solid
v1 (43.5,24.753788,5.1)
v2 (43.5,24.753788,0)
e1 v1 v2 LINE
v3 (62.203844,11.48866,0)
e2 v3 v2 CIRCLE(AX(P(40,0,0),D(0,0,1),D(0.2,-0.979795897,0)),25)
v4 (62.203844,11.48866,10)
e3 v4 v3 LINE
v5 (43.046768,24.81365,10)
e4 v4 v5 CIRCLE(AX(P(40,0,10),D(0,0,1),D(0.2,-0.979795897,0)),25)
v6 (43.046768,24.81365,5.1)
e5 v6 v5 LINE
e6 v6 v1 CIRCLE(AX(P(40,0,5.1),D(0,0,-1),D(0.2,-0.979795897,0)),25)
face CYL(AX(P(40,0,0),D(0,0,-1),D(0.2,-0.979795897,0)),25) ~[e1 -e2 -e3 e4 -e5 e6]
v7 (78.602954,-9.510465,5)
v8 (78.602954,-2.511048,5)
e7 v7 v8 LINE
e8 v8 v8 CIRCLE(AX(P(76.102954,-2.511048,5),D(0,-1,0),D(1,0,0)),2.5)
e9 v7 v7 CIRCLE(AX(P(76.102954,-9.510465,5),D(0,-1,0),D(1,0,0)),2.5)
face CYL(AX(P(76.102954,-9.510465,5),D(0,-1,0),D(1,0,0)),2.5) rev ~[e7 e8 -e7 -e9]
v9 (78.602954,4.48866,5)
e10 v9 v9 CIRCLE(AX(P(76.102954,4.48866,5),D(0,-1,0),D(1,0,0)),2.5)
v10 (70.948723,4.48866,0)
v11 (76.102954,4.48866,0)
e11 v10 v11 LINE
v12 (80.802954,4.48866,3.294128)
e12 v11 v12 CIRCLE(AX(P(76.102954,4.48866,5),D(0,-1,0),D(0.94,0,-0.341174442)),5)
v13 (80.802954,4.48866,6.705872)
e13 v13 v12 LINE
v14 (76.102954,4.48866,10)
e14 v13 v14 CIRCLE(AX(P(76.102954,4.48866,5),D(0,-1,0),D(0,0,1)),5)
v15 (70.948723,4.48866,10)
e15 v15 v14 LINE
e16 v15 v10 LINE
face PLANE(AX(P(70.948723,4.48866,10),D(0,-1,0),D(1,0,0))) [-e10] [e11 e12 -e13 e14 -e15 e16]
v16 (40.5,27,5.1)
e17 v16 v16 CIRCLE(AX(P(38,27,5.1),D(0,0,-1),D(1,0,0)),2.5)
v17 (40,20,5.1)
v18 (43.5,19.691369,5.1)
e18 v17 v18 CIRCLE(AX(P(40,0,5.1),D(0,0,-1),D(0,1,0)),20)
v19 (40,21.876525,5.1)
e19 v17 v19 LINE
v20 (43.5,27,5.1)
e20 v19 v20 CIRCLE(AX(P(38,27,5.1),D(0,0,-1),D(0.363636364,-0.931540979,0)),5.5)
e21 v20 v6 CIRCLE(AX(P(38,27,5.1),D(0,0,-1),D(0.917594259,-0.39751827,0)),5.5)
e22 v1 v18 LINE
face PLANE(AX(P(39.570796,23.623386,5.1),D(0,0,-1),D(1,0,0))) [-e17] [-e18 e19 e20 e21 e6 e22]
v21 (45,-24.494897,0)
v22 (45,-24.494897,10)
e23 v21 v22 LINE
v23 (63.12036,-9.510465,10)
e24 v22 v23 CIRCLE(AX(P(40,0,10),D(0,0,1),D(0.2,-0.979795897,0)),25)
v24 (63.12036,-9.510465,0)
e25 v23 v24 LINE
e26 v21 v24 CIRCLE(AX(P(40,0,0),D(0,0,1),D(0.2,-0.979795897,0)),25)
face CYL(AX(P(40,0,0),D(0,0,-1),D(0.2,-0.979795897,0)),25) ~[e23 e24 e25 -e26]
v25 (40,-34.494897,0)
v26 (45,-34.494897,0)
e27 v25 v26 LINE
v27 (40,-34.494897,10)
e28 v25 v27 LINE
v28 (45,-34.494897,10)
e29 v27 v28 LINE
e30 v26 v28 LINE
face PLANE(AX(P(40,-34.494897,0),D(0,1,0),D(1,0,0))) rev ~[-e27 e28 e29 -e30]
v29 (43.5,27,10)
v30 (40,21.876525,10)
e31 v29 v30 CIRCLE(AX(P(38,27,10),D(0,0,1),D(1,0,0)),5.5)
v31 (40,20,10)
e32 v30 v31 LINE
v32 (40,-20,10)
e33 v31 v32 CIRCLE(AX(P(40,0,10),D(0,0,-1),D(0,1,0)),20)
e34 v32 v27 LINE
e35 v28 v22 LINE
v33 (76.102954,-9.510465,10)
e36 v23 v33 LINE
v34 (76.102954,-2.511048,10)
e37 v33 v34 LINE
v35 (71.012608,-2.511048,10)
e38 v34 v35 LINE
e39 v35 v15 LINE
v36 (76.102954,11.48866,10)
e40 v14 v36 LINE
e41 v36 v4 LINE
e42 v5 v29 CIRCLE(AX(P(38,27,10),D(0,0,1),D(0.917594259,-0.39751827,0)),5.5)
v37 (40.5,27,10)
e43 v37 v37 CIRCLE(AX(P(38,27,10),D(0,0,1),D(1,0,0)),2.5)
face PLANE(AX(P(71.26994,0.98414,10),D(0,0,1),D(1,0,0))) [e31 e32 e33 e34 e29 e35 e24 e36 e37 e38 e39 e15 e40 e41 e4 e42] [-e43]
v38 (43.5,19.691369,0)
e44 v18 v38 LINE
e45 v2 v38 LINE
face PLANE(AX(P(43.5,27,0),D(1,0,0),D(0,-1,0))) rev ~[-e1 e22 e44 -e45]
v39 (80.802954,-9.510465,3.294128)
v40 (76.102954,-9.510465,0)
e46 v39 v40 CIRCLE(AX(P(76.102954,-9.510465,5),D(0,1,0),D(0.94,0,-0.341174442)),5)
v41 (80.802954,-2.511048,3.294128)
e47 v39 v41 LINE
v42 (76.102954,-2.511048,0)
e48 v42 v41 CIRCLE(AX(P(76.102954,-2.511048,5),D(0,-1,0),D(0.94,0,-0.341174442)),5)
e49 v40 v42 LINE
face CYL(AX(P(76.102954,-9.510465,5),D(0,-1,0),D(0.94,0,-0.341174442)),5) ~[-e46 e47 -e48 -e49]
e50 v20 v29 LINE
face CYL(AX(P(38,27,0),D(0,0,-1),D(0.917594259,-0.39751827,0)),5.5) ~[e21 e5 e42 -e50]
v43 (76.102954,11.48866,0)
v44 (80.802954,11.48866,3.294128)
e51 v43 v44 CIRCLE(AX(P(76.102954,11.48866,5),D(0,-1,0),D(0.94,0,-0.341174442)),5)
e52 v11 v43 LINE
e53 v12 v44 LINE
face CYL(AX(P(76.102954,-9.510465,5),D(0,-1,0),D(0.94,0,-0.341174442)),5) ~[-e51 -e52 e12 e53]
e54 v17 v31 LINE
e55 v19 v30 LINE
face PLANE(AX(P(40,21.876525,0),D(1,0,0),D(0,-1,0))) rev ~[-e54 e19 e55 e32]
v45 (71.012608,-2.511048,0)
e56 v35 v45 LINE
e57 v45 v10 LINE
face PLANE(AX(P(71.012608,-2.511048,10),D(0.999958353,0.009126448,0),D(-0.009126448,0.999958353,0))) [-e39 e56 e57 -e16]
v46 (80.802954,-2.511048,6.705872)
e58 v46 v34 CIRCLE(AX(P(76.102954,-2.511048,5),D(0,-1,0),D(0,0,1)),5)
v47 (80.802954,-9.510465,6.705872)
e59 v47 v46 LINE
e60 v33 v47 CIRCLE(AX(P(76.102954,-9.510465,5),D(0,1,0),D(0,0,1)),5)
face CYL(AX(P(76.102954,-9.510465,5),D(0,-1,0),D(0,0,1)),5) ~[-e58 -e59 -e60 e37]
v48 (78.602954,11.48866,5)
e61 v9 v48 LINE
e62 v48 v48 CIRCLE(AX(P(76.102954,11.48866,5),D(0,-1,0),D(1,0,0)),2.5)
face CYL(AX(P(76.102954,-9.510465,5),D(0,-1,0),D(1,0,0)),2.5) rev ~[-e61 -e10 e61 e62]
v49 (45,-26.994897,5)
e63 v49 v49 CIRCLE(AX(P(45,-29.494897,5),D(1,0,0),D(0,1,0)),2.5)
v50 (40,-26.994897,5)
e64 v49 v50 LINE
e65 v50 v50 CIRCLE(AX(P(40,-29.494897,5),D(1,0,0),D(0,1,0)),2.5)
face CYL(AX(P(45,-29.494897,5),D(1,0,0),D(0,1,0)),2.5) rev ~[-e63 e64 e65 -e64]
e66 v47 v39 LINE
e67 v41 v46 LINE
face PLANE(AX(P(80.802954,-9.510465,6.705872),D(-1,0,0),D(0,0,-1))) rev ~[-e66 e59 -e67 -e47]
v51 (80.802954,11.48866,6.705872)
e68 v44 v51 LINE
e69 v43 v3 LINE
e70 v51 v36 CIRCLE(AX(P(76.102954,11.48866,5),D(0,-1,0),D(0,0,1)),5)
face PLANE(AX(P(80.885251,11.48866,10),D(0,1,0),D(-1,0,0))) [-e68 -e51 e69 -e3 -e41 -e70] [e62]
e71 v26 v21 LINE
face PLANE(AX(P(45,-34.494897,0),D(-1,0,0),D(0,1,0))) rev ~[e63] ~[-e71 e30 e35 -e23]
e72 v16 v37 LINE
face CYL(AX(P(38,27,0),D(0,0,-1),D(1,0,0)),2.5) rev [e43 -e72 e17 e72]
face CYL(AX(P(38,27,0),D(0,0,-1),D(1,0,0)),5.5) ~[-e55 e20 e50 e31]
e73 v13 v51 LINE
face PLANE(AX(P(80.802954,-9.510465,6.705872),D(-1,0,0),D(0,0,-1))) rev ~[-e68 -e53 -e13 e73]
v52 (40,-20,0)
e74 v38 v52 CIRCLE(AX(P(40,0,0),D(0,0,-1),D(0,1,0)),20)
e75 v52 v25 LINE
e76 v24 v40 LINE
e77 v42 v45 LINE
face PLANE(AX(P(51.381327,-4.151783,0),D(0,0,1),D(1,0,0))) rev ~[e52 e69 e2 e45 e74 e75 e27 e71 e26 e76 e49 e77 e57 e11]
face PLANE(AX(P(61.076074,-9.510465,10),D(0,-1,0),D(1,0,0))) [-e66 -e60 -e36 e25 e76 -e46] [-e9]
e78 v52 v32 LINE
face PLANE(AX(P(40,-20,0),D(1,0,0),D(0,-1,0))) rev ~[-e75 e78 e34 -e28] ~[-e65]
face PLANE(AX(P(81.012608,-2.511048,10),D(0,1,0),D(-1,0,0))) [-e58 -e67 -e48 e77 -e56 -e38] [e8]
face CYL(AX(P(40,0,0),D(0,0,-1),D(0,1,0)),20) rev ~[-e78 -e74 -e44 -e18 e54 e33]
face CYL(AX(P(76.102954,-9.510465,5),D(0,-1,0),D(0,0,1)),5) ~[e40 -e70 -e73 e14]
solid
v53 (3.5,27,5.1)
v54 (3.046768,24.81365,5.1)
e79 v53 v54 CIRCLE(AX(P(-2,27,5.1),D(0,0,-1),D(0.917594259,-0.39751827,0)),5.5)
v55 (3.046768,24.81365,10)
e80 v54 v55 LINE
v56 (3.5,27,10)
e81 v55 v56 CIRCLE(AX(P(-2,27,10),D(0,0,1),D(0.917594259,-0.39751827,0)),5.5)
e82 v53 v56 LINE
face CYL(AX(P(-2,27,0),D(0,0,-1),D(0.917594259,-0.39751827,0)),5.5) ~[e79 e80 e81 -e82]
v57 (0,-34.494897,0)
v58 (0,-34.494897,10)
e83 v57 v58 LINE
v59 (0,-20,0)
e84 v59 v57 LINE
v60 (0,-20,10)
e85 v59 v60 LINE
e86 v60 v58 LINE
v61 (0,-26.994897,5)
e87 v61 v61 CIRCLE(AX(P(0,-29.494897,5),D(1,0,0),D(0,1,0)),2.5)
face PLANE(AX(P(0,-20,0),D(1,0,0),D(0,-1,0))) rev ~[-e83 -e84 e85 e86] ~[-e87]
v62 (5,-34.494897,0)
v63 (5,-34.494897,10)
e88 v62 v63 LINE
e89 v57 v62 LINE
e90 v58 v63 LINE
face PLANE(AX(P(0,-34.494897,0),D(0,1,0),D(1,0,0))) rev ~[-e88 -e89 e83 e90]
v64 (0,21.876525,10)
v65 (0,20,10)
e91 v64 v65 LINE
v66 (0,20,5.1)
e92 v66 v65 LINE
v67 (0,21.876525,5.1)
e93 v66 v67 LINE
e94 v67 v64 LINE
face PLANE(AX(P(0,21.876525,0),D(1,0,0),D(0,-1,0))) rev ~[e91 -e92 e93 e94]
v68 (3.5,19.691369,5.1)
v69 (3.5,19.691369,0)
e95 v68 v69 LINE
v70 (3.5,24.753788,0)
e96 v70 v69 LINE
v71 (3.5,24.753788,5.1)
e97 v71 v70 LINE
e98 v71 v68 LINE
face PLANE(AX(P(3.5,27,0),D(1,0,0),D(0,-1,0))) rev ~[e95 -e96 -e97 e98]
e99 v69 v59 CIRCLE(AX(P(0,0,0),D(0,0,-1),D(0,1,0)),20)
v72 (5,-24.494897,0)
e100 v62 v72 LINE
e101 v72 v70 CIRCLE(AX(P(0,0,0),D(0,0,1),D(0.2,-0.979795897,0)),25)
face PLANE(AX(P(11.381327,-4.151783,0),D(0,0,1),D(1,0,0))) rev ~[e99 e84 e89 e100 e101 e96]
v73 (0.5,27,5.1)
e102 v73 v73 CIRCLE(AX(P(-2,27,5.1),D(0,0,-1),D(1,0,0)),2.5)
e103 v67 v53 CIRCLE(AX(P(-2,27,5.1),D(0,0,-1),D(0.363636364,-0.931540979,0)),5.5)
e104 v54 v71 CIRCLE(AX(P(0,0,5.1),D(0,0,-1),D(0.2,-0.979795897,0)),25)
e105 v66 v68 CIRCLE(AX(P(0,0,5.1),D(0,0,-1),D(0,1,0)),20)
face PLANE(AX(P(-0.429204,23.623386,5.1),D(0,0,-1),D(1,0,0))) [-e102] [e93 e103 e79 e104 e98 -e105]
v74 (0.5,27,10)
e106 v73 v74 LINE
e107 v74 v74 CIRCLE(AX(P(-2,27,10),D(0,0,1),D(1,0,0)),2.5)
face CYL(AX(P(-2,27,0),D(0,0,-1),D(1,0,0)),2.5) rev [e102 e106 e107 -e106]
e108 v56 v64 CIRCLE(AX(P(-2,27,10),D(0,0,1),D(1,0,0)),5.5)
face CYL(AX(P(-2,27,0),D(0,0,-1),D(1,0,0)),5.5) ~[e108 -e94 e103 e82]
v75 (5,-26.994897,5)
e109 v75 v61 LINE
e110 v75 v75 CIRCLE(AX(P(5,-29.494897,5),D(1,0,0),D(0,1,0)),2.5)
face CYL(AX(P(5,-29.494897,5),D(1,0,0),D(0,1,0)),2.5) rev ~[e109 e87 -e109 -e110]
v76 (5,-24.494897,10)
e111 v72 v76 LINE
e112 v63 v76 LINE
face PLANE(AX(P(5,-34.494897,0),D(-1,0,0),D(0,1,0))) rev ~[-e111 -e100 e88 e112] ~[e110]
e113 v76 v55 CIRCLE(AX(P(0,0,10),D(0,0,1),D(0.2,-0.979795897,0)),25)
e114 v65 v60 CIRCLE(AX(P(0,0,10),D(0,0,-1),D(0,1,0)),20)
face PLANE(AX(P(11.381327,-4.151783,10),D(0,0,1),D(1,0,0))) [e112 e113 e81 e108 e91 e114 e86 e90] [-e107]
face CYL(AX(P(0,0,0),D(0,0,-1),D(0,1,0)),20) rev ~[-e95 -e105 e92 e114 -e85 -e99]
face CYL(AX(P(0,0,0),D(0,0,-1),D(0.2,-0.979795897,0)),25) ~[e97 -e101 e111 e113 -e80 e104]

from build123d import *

# Parameters (mm, degrees)
F0_R      = 2.5
F1_DEPTH  = 10
F3_DEPTH  = 5.1
F4_R      = 2.5
F5_DEPTH  = 25
F8_DEPTH  = 10
F9_R      = 2.5
F10_DEPTH = 25
F12_DEPTH = 25


with BuildPart() as f1:
    # F0 (on Top) → F1 (new body)
    with BuildSketch(Plane.XY):
        with BuildLine():
            ThreePointArc((0, 20), (20, 0), (0, -20))
            Line((0, -20), (0, -25))
            Line((0, -25), (0, -34.4948974278))
            Line((0, -34.4948974278), (5, -34.4948974278))
            Line((5, -34.4948974278), (5, -24.4948974278))
            ThreePointArc((5, -24.4948974278), (24.9804087413, 0.9895347988), (3.0467684263, 24.8136495131))
            ThreePointArc((3.0467684263, 24.8136495131), (1.8171863954, 23.0403171815), (0, 21.876524617))
            Line((0, 21.876524617), (0, 20))
        make_face()
        with BuildLine():
            ThreePointArc((3.5, 27), (-6.5414755311, 30.1024184115), (0, 21.876524617))
            Line((0, 21.876524617), (0, 25))
            ThreePointArc((0, 25), (1.526231007, 24.9533688891), (3.0467684263, 24.8136495131))
            ThreePointArc((3.0467684263, 24.8136495131), (3.3855002713, 25.8835830403), (3.5, 27))
        make_face()
        with Locations((-2, 27)):
            Circle(F0_R, mode=Mode.SUBTRACT)
        with BuildLine():
            Line((0, 25), (0, 21.876524617))
            ThreePointArc((0, 21.876524617), (1.8171863954, 23.0403171815), (3.0467684263, 24.8136495131))
            ThreePointArc((3.0467684263, 24.8136495131), (1.526231007, 24.9533688891), (0, 25))
        make_face()
    extrude(amount=F1_DEPTH)

    # F2 (on face) → F3 (cut)
    with BuildSketch(Plane(origin=(0, 0, 0), x_dir=(1, 0, 0), z_dir=(0, 0, -1))):
        with BuildLine():
            ThreePointArc((0, -21.876524617), (-6.5414755311, -30.1024184115), (3.5, -27))
            Line((3.5, -27), (3.5, -15.0508275256))
            Line((3.5, -15.0508275256), (0, -15.0508275256))
            Line((0, -15.0508275256), (0, -21.876524617))
        make_face()
    extrude(amount=-F3_DEPTH, mode=Mode.SUBTRACT)

    # F4 (on face) → F5 (cut)
    with BuildSketch(Plane.YZ.offset(5)):
        with Locations((-29.4948974278, 5)):
            Circle(F4_R)
    extrude(amount=-F5_DEPTH, mode=Mode.SUBTRACT)


with BuildPart() as f6_1:
    # F6: copy of F1
    add(f1.part.moved(Location((40, 0, 0))))

    # F7 (on face) → F8 (join)
    with BuildSketch(Plane.XY.offset(10)):
        Polygon((61.0121913655, -2.5110482576), (61.0760738386, -9.5104652012), (71.0764903249, -9.5104652012), (81.1029541338, -9.5104652012), (81.0126078518, -2.5110482576), (71.0126078518, -2.5110482576), (70.9487227179, 4.4886602141), (80.8852514097, 4.4886602141), (80.8852514097, 11.4886602141), (60.8844184371, 11.4886602141), (60.9483062317, 4.4886602141), align=None)
    extrude(amount=-F8_DEPTH)

    # F9 (on face) → F10 (cut)
    with BuildSketch(Plane.XZ.offset(9.5104652012)):
        with Locations((76.1029541338, 5)):
            Circle(F9_R)
    extrude(amount=-F10_DEPTH, mode=Mode.SUBTRACT)

    # F11 (on face) → F12 (cut)
    with BuildSketch(Plane.XZ.offset(9.5104652012)):
        with BuildLine():
            ThreePointArc((80.8029541338, 6.7058722109), (81.0273830347, 5.8660254038), (81.1029541338, 5))
            Line((81.1029541338, 5), (81.1029541338, 10))
            Line((81.1029541338, 10), (80.8029541338, 10))
            Line((80.8029541338, 10), (80.8029541338, 6.7058722109))
        make_face()
        with BuildLine():
            ThreePointArc((76.1029541338, 10), (78.9726787674, 9.094469505), (80.8029541338, 6.7058722109))
            Line((80.8029541338, 6.7058722109), (80.8029541338, 10))
            Line((80.8029541338, 10), (76.1029541338, 10))
        make_face()
        with BuildLine():
            ThreePointArc((81.1029541338, 5), (81.0273830347, 4.1339745962), (80.8029541338, 3.2941277891))
            Line((80.8029541338, 3.2941277891), (80.8029541338, 0))
            Line((80.8029541338, 0), (80.9755950309, 0))
            Line((80.9755950309, 0), (81.1029541338, 0))
            Line((81.1029541338, 0), (81.1029541338, 5))
        make_face()
        with BuildLine():
            ThreePointArc((80.8029541338, 3.2941277891), (78.9726787674, 0.905530495), (76.1029541338, 0))
            Line((76.1029541338, 0), (80.8029541338, 0))
            Line((80.8029541338, 0), (80.8029541338, 3.2941277891))
        make_face()
        with BuildLine():
            Line((80.8029541338, 6.7058722109), (80.8029541338, 3.2941277891))
            ThreePointArc((80.8029541338, 3.2941277891), (81.0273830347, 4.1339745962), (81.1029541338, 5))
            ThreePointArc((81.1029541338, 5), (81.0273830347, 5.8660254038), (80.8029541338, 6.7058722109))
        make_face()
    extrude(amount=-F12_DEPTH, mode=Mode.SUBTRACT)


solid = Compound([f1.part, f6_1.part])
